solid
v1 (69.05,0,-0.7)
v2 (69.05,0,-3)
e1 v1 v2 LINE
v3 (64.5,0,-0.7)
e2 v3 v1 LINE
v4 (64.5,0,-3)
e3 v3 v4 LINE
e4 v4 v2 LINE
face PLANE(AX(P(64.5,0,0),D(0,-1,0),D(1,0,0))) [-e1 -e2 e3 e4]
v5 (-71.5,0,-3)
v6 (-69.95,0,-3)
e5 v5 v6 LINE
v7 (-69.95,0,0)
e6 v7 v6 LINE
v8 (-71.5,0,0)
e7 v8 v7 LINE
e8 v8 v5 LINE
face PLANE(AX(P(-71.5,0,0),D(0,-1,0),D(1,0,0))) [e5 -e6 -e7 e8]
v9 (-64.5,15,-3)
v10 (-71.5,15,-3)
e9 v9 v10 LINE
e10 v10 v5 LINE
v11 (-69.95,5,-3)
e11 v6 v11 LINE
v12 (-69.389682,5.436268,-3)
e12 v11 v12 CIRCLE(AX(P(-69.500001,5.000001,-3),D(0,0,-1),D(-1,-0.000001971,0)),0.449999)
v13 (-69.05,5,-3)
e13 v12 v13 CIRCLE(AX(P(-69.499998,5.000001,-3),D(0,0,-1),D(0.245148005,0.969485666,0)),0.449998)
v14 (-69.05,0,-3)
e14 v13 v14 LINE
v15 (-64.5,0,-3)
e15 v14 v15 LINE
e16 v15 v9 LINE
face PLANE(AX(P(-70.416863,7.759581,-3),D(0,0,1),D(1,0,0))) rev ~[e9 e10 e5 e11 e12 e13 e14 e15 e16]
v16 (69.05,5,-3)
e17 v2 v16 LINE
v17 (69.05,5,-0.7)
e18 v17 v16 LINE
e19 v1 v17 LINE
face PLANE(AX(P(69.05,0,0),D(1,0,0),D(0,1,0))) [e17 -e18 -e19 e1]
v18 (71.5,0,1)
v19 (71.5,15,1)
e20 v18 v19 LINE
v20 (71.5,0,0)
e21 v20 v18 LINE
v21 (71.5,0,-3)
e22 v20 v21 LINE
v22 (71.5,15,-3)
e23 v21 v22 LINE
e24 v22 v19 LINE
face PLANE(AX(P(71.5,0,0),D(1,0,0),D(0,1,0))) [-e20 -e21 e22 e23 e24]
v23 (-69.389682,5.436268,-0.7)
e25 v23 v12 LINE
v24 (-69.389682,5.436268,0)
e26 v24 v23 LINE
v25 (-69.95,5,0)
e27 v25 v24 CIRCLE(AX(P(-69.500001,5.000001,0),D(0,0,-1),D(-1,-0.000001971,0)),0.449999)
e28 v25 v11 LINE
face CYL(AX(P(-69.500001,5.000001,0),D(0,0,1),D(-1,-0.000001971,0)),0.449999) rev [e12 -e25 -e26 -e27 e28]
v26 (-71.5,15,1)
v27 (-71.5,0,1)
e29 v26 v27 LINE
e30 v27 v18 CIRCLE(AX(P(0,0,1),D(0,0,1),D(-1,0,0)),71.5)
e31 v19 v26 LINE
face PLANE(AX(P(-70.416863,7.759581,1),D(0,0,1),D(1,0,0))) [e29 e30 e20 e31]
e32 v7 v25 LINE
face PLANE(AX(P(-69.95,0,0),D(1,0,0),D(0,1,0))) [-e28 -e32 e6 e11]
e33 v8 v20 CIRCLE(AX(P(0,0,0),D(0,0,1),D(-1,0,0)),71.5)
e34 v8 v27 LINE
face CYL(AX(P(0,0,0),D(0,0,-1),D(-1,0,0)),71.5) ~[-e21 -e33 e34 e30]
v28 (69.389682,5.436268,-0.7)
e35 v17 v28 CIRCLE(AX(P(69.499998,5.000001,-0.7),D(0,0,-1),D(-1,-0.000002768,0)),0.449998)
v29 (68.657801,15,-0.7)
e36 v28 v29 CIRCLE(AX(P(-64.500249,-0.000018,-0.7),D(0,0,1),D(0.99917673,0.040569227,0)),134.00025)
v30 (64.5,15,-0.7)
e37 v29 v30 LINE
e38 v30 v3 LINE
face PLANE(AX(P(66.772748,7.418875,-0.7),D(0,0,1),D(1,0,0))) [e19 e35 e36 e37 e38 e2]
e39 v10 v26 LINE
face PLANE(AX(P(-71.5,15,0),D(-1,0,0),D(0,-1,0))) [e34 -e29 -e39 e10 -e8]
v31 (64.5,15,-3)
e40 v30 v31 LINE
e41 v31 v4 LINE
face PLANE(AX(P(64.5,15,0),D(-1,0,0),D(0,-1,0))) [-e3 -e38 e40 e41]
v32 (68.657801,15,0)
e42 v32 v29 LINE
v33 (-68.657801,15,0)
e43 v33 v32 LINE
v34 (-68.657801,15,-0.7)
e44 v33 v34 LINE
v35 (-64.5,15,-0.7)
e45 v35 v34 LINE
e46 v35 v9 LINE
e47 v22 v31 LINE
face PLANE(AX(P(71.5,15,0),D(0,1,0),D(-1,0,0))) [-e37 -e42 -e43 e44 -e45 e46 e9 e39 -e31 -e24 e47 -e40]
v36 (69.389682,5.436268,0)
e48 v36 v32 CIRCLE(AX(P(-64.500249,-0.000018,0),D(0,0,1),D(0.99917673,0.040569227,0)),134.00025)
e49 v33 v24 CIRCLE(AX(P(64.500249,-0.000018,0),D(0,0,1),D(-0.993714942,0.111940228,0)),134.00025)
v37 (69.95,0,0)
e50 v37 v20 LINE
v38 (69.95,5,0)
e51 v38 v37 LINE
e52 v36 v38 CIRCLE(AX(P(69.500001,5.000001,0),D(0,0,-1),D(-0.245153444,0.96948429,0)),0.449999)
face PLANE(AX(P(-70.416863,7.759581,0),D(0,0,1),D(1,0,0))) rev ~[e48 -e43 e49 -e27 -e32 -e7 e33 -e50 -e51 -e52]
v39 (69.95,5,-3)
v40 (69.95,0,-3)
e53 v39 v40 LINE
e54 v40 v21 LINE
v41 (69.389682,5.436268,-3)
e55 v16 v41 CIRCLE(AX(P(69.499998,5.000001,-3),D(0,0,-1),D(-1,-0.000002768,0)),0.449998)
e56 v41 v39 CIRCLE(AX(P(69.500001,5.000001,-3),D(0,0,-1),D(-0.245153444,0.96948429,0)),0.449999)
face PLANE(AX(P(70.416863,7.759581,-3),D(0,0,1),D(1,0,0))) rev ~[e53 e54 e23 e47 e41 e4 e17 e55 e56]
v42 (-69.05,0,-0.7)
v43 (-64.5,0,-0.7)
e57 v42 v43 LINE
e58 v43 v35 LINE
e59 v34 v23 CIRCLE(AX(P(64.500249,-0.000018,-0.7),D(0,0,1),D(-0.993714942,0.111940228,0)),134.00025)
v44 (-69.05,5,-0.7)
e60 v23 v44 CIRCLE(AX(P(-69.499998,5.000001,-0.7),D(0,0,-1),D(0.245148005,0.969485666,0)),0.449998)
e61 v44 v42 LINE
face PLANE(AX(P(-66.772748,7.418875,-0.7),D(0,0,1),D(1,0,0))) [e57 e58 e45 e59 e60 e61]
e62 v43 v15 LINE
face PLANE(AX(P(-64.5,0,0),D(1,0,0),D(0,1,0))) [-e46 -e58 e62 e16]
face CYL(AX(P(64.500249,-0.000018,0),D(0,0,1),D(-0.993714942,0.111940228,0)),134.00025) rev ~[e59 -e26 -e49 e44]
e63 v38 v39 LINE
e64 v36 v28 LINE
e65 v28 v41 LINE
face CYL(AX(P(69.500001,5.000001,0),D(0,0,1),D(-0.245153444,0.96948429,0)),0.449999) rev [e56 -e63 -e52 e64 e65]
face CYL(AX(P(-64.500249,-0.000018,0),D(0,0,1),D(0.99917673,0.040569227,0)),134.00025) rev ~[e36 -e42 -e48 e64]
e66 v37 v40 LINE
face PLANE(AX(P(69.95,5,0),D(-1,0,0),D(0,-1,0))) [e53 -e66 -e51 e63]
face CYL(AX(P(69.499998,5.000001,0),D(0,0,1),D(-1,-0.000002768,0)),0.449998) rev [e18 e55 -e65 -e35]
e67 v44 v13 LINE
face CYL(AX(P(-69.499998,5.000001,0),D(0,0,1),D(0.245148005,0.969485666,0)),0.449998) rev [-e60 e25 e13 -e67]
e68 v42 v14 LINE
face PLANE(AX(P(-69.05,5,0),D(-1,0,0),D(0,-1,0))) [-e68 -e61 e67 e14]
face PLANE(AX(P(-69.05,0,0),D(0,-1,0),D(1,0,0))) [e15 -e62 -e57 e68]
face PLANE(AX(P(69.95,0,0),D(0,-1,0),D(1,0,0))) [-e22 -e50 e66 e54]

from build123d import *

# Parameters (mm, degrees)
F1_DEPTH = 1
F2_DEPTH = 3
F3_DEPTH = 0.7


with BuildPart() as f1:
    # F0 (on Top) → F1 (new body)
    with BuildSketch(Plane.XY):
        with BuildLine():
            ThreePointArc((-69.95, 5), (-69.776457, 5.355066), (-69.389682, 5.436268))
            ThreePointArc((-69.389682, 5.436268), (-69.10934, 10.224685), (-68.657801, 15))
            Line((-68.657801, 15), (-71.5, 15))
            Line((-71.5, 15), (-71.5, 0))
            Line((-71.5, 0), (-69.95, 0))
            Line((-69.95, 0), (-69.95, 5))
        make_face()
        with BuildLine():
            ThreePointArc((-69.05, 5), (-69.144934, 5.276457), (-69.389682, 5.436268))
            ThreePointArc((-69.389682, 5.436268), (-69.776457, 5.355066), (-69.95, 5))
            Line((-69.95, 5), (-69.95, 0))
            Line((-69.95, 0), (-71.5, 0))
            ThreePointArc((-71.5, 0), (0, -71.5), (71.5, 0))
            Line((71.5, 0), (69.95, 0))
            Line((69.95, 0), (69.95, 5))
            ThreePointArc((69.95, 5), (69.776457, 5.355066), (69.389682, 5.436268))
            ThreePointArc((69.389682, 5.436268), (69.144934, 5.276457), (69.05, 5))
            Line((69.05, 5), (69.05, 0))
            Line((69.05, 0), (64.5, 0))
            Line((64.5, 0), (64.5, 15))
            Line((64.5, 15), (-64.5, 15))
            Line((-64.5, 15), (-64.5, 0))
            Line((-64.5, 0), (-69.05, 0))
            Line((-69.05, 0), (-69.05, 5))
        make_face()
        with BuildLine():
            Line((69.95, 0), (71.5, 0))
            Line((71.5, 0), (71.5, 15))
            Line((71.5, 15), (68.657801, 15))
            ThreePointArc((68.657801, 15), (69.10934, 10.224685), (69.389682, 5.436268))
            ThreePointArc((69.389682, 5.436268), (69.776457, 5.355066), (69.95, 5))
            Line((69.95, 5), (69.95, 0))
        make_face()
        with BuildLine():
            ThreePointArc((-68.657801, 15), (-69.10934, 10.224685), (-69.389682, 5.436268))
            ThreePointArc((-69.389682, 5.436268), (-69.144934, 5.276457), (-69.05, 5))
            Line((-69.05, 5), (-69.05, 0))
            Line((-69.05, 0), (-64.5, 0))
            Line((-64.5, 0), (-64.5, 15))
            Line((-64.5, 15), (-68.657801, 15))
        make_face()
        with BuildLine():
            Line((68.657801, 15), (64.5, 15))
            Line((64.5, 15), (64.5, 0))
            Line((64.5, 0), (69.05, 0))
            Line((69.05, 0), (69.05, 5))
            ThreePointArc((69.05, 5), (69.144934, 5.276457), (69.389682, 5.436268))
            ThreePointArc((69.389682, 5.436268), (69.10934, 10.224685), (68.657801, 15))
        make_face()
    extrude(amount=F1_DEPTH)

    # F0 (on Top) → F2 (join)
    with BuildSketch(Plane.XY):
        with BuildLine():
            Line((69.95, 0), (71.5, 0))
            Line((71.5, 0), (71.5, 15))
            Line((71.5, 15), (68.657801, 15))
            ThreePointArc((68.657801, 15), (69.10934, 10.224685), (69.389682, 5.436268))
            ThreePointArc((69.389682, 5.436268), (69.776457, 5.355066), (69.95, 5))
            Line((69.95, 5), (69.95, 0))
        make_face()
        with BuildLine():
            ThreePointArc((-69.95, 5), (-69.776457, 5.355066), (-69.389682, 5.436268))
            ThreePointArc((-69.389682, 5.436268), (-69.10934, 10.224685), (-68.657801, 15))
            Line((-68.657801, 15), (-71.5, 15))
            Line((-71.5, 15), (-71.5, 0))
            Line((-71.5, 0), (-69.95, 0))
            Line((-69.95, 0), (-69.95, 5))
        make_face()
        with BuildLine():
            ThreePointArc((-68.657801, 15), (-69.10934, 10.224685), (-69.389682, 5.436268))
            ThreePointArc((-69.389682, 5.436268), (-69.144934, 5.276457), (-69.05, 5))
            Line((-69.05, 5), (-69.05, 0))
            Line((-69.05, 0), (-64.5, 0))
            Line((-64.5, 0), (-64.5, 15))
            Line((-64.5, 15), (-68.657801, 15))
        make_face()
        with BuildLine():
            Line((68.657801, 15), (64.5, 15))
            Line((64.5, 15), (64.5, 0))
            Line((64.5, 0), (69.05, 0))
            Line((69.05, 0), (69.05, 5))
            ThreePointArc((69.05, 5), (69.144934, 5.276457), (69.389682, 5.436268))
            ThreePointArc((69.389682, 5.436268), (69.10934, 10.224685), (68.657801, 15))
        make_face()
    extrude(amount=-F2_DEPTH)

    # F0 (on Top) → F3 (cut)
    with BuildSketch(Plane.XY):
        with BuildLine():
            ThreePointArc((-68.657801, 15), (-69.10934, 10.224685), (-69.389682, 5.436268))
            ThreePointArc((-69.389682, 5.436268), (-69.144934, 5.276457), (-69.05, 5))
            Line((-69.05, 5), (-69.05, 0))
            Line((-69.05, 0), (-64.5, 0))
            Line((-64.5, 0), (-64.5, 15))
            Line((-64.5, 15), (-68.657801, 15))
        make_face()
        with BuildLine():
            Line((68.657801, 15), (64.5, 15))
            Line((64.5, 15), (64.5, 0))
            Line((64.5, 0), (69.05, 0))
            Line((69.05, 0), (69.05, 5))
            ThreePointArc((69.05, 5), (69.144934, 5.276457), (69.389682, 5.436268))
            ThreePointArc((69.389682, 5.436268), (69.10934, 10.224685), (68.657801, 15))
        make_face()
    extrude(amount=-F3_DEPTH, mode=Mode.SUBTRACT)


solid = f1.part
